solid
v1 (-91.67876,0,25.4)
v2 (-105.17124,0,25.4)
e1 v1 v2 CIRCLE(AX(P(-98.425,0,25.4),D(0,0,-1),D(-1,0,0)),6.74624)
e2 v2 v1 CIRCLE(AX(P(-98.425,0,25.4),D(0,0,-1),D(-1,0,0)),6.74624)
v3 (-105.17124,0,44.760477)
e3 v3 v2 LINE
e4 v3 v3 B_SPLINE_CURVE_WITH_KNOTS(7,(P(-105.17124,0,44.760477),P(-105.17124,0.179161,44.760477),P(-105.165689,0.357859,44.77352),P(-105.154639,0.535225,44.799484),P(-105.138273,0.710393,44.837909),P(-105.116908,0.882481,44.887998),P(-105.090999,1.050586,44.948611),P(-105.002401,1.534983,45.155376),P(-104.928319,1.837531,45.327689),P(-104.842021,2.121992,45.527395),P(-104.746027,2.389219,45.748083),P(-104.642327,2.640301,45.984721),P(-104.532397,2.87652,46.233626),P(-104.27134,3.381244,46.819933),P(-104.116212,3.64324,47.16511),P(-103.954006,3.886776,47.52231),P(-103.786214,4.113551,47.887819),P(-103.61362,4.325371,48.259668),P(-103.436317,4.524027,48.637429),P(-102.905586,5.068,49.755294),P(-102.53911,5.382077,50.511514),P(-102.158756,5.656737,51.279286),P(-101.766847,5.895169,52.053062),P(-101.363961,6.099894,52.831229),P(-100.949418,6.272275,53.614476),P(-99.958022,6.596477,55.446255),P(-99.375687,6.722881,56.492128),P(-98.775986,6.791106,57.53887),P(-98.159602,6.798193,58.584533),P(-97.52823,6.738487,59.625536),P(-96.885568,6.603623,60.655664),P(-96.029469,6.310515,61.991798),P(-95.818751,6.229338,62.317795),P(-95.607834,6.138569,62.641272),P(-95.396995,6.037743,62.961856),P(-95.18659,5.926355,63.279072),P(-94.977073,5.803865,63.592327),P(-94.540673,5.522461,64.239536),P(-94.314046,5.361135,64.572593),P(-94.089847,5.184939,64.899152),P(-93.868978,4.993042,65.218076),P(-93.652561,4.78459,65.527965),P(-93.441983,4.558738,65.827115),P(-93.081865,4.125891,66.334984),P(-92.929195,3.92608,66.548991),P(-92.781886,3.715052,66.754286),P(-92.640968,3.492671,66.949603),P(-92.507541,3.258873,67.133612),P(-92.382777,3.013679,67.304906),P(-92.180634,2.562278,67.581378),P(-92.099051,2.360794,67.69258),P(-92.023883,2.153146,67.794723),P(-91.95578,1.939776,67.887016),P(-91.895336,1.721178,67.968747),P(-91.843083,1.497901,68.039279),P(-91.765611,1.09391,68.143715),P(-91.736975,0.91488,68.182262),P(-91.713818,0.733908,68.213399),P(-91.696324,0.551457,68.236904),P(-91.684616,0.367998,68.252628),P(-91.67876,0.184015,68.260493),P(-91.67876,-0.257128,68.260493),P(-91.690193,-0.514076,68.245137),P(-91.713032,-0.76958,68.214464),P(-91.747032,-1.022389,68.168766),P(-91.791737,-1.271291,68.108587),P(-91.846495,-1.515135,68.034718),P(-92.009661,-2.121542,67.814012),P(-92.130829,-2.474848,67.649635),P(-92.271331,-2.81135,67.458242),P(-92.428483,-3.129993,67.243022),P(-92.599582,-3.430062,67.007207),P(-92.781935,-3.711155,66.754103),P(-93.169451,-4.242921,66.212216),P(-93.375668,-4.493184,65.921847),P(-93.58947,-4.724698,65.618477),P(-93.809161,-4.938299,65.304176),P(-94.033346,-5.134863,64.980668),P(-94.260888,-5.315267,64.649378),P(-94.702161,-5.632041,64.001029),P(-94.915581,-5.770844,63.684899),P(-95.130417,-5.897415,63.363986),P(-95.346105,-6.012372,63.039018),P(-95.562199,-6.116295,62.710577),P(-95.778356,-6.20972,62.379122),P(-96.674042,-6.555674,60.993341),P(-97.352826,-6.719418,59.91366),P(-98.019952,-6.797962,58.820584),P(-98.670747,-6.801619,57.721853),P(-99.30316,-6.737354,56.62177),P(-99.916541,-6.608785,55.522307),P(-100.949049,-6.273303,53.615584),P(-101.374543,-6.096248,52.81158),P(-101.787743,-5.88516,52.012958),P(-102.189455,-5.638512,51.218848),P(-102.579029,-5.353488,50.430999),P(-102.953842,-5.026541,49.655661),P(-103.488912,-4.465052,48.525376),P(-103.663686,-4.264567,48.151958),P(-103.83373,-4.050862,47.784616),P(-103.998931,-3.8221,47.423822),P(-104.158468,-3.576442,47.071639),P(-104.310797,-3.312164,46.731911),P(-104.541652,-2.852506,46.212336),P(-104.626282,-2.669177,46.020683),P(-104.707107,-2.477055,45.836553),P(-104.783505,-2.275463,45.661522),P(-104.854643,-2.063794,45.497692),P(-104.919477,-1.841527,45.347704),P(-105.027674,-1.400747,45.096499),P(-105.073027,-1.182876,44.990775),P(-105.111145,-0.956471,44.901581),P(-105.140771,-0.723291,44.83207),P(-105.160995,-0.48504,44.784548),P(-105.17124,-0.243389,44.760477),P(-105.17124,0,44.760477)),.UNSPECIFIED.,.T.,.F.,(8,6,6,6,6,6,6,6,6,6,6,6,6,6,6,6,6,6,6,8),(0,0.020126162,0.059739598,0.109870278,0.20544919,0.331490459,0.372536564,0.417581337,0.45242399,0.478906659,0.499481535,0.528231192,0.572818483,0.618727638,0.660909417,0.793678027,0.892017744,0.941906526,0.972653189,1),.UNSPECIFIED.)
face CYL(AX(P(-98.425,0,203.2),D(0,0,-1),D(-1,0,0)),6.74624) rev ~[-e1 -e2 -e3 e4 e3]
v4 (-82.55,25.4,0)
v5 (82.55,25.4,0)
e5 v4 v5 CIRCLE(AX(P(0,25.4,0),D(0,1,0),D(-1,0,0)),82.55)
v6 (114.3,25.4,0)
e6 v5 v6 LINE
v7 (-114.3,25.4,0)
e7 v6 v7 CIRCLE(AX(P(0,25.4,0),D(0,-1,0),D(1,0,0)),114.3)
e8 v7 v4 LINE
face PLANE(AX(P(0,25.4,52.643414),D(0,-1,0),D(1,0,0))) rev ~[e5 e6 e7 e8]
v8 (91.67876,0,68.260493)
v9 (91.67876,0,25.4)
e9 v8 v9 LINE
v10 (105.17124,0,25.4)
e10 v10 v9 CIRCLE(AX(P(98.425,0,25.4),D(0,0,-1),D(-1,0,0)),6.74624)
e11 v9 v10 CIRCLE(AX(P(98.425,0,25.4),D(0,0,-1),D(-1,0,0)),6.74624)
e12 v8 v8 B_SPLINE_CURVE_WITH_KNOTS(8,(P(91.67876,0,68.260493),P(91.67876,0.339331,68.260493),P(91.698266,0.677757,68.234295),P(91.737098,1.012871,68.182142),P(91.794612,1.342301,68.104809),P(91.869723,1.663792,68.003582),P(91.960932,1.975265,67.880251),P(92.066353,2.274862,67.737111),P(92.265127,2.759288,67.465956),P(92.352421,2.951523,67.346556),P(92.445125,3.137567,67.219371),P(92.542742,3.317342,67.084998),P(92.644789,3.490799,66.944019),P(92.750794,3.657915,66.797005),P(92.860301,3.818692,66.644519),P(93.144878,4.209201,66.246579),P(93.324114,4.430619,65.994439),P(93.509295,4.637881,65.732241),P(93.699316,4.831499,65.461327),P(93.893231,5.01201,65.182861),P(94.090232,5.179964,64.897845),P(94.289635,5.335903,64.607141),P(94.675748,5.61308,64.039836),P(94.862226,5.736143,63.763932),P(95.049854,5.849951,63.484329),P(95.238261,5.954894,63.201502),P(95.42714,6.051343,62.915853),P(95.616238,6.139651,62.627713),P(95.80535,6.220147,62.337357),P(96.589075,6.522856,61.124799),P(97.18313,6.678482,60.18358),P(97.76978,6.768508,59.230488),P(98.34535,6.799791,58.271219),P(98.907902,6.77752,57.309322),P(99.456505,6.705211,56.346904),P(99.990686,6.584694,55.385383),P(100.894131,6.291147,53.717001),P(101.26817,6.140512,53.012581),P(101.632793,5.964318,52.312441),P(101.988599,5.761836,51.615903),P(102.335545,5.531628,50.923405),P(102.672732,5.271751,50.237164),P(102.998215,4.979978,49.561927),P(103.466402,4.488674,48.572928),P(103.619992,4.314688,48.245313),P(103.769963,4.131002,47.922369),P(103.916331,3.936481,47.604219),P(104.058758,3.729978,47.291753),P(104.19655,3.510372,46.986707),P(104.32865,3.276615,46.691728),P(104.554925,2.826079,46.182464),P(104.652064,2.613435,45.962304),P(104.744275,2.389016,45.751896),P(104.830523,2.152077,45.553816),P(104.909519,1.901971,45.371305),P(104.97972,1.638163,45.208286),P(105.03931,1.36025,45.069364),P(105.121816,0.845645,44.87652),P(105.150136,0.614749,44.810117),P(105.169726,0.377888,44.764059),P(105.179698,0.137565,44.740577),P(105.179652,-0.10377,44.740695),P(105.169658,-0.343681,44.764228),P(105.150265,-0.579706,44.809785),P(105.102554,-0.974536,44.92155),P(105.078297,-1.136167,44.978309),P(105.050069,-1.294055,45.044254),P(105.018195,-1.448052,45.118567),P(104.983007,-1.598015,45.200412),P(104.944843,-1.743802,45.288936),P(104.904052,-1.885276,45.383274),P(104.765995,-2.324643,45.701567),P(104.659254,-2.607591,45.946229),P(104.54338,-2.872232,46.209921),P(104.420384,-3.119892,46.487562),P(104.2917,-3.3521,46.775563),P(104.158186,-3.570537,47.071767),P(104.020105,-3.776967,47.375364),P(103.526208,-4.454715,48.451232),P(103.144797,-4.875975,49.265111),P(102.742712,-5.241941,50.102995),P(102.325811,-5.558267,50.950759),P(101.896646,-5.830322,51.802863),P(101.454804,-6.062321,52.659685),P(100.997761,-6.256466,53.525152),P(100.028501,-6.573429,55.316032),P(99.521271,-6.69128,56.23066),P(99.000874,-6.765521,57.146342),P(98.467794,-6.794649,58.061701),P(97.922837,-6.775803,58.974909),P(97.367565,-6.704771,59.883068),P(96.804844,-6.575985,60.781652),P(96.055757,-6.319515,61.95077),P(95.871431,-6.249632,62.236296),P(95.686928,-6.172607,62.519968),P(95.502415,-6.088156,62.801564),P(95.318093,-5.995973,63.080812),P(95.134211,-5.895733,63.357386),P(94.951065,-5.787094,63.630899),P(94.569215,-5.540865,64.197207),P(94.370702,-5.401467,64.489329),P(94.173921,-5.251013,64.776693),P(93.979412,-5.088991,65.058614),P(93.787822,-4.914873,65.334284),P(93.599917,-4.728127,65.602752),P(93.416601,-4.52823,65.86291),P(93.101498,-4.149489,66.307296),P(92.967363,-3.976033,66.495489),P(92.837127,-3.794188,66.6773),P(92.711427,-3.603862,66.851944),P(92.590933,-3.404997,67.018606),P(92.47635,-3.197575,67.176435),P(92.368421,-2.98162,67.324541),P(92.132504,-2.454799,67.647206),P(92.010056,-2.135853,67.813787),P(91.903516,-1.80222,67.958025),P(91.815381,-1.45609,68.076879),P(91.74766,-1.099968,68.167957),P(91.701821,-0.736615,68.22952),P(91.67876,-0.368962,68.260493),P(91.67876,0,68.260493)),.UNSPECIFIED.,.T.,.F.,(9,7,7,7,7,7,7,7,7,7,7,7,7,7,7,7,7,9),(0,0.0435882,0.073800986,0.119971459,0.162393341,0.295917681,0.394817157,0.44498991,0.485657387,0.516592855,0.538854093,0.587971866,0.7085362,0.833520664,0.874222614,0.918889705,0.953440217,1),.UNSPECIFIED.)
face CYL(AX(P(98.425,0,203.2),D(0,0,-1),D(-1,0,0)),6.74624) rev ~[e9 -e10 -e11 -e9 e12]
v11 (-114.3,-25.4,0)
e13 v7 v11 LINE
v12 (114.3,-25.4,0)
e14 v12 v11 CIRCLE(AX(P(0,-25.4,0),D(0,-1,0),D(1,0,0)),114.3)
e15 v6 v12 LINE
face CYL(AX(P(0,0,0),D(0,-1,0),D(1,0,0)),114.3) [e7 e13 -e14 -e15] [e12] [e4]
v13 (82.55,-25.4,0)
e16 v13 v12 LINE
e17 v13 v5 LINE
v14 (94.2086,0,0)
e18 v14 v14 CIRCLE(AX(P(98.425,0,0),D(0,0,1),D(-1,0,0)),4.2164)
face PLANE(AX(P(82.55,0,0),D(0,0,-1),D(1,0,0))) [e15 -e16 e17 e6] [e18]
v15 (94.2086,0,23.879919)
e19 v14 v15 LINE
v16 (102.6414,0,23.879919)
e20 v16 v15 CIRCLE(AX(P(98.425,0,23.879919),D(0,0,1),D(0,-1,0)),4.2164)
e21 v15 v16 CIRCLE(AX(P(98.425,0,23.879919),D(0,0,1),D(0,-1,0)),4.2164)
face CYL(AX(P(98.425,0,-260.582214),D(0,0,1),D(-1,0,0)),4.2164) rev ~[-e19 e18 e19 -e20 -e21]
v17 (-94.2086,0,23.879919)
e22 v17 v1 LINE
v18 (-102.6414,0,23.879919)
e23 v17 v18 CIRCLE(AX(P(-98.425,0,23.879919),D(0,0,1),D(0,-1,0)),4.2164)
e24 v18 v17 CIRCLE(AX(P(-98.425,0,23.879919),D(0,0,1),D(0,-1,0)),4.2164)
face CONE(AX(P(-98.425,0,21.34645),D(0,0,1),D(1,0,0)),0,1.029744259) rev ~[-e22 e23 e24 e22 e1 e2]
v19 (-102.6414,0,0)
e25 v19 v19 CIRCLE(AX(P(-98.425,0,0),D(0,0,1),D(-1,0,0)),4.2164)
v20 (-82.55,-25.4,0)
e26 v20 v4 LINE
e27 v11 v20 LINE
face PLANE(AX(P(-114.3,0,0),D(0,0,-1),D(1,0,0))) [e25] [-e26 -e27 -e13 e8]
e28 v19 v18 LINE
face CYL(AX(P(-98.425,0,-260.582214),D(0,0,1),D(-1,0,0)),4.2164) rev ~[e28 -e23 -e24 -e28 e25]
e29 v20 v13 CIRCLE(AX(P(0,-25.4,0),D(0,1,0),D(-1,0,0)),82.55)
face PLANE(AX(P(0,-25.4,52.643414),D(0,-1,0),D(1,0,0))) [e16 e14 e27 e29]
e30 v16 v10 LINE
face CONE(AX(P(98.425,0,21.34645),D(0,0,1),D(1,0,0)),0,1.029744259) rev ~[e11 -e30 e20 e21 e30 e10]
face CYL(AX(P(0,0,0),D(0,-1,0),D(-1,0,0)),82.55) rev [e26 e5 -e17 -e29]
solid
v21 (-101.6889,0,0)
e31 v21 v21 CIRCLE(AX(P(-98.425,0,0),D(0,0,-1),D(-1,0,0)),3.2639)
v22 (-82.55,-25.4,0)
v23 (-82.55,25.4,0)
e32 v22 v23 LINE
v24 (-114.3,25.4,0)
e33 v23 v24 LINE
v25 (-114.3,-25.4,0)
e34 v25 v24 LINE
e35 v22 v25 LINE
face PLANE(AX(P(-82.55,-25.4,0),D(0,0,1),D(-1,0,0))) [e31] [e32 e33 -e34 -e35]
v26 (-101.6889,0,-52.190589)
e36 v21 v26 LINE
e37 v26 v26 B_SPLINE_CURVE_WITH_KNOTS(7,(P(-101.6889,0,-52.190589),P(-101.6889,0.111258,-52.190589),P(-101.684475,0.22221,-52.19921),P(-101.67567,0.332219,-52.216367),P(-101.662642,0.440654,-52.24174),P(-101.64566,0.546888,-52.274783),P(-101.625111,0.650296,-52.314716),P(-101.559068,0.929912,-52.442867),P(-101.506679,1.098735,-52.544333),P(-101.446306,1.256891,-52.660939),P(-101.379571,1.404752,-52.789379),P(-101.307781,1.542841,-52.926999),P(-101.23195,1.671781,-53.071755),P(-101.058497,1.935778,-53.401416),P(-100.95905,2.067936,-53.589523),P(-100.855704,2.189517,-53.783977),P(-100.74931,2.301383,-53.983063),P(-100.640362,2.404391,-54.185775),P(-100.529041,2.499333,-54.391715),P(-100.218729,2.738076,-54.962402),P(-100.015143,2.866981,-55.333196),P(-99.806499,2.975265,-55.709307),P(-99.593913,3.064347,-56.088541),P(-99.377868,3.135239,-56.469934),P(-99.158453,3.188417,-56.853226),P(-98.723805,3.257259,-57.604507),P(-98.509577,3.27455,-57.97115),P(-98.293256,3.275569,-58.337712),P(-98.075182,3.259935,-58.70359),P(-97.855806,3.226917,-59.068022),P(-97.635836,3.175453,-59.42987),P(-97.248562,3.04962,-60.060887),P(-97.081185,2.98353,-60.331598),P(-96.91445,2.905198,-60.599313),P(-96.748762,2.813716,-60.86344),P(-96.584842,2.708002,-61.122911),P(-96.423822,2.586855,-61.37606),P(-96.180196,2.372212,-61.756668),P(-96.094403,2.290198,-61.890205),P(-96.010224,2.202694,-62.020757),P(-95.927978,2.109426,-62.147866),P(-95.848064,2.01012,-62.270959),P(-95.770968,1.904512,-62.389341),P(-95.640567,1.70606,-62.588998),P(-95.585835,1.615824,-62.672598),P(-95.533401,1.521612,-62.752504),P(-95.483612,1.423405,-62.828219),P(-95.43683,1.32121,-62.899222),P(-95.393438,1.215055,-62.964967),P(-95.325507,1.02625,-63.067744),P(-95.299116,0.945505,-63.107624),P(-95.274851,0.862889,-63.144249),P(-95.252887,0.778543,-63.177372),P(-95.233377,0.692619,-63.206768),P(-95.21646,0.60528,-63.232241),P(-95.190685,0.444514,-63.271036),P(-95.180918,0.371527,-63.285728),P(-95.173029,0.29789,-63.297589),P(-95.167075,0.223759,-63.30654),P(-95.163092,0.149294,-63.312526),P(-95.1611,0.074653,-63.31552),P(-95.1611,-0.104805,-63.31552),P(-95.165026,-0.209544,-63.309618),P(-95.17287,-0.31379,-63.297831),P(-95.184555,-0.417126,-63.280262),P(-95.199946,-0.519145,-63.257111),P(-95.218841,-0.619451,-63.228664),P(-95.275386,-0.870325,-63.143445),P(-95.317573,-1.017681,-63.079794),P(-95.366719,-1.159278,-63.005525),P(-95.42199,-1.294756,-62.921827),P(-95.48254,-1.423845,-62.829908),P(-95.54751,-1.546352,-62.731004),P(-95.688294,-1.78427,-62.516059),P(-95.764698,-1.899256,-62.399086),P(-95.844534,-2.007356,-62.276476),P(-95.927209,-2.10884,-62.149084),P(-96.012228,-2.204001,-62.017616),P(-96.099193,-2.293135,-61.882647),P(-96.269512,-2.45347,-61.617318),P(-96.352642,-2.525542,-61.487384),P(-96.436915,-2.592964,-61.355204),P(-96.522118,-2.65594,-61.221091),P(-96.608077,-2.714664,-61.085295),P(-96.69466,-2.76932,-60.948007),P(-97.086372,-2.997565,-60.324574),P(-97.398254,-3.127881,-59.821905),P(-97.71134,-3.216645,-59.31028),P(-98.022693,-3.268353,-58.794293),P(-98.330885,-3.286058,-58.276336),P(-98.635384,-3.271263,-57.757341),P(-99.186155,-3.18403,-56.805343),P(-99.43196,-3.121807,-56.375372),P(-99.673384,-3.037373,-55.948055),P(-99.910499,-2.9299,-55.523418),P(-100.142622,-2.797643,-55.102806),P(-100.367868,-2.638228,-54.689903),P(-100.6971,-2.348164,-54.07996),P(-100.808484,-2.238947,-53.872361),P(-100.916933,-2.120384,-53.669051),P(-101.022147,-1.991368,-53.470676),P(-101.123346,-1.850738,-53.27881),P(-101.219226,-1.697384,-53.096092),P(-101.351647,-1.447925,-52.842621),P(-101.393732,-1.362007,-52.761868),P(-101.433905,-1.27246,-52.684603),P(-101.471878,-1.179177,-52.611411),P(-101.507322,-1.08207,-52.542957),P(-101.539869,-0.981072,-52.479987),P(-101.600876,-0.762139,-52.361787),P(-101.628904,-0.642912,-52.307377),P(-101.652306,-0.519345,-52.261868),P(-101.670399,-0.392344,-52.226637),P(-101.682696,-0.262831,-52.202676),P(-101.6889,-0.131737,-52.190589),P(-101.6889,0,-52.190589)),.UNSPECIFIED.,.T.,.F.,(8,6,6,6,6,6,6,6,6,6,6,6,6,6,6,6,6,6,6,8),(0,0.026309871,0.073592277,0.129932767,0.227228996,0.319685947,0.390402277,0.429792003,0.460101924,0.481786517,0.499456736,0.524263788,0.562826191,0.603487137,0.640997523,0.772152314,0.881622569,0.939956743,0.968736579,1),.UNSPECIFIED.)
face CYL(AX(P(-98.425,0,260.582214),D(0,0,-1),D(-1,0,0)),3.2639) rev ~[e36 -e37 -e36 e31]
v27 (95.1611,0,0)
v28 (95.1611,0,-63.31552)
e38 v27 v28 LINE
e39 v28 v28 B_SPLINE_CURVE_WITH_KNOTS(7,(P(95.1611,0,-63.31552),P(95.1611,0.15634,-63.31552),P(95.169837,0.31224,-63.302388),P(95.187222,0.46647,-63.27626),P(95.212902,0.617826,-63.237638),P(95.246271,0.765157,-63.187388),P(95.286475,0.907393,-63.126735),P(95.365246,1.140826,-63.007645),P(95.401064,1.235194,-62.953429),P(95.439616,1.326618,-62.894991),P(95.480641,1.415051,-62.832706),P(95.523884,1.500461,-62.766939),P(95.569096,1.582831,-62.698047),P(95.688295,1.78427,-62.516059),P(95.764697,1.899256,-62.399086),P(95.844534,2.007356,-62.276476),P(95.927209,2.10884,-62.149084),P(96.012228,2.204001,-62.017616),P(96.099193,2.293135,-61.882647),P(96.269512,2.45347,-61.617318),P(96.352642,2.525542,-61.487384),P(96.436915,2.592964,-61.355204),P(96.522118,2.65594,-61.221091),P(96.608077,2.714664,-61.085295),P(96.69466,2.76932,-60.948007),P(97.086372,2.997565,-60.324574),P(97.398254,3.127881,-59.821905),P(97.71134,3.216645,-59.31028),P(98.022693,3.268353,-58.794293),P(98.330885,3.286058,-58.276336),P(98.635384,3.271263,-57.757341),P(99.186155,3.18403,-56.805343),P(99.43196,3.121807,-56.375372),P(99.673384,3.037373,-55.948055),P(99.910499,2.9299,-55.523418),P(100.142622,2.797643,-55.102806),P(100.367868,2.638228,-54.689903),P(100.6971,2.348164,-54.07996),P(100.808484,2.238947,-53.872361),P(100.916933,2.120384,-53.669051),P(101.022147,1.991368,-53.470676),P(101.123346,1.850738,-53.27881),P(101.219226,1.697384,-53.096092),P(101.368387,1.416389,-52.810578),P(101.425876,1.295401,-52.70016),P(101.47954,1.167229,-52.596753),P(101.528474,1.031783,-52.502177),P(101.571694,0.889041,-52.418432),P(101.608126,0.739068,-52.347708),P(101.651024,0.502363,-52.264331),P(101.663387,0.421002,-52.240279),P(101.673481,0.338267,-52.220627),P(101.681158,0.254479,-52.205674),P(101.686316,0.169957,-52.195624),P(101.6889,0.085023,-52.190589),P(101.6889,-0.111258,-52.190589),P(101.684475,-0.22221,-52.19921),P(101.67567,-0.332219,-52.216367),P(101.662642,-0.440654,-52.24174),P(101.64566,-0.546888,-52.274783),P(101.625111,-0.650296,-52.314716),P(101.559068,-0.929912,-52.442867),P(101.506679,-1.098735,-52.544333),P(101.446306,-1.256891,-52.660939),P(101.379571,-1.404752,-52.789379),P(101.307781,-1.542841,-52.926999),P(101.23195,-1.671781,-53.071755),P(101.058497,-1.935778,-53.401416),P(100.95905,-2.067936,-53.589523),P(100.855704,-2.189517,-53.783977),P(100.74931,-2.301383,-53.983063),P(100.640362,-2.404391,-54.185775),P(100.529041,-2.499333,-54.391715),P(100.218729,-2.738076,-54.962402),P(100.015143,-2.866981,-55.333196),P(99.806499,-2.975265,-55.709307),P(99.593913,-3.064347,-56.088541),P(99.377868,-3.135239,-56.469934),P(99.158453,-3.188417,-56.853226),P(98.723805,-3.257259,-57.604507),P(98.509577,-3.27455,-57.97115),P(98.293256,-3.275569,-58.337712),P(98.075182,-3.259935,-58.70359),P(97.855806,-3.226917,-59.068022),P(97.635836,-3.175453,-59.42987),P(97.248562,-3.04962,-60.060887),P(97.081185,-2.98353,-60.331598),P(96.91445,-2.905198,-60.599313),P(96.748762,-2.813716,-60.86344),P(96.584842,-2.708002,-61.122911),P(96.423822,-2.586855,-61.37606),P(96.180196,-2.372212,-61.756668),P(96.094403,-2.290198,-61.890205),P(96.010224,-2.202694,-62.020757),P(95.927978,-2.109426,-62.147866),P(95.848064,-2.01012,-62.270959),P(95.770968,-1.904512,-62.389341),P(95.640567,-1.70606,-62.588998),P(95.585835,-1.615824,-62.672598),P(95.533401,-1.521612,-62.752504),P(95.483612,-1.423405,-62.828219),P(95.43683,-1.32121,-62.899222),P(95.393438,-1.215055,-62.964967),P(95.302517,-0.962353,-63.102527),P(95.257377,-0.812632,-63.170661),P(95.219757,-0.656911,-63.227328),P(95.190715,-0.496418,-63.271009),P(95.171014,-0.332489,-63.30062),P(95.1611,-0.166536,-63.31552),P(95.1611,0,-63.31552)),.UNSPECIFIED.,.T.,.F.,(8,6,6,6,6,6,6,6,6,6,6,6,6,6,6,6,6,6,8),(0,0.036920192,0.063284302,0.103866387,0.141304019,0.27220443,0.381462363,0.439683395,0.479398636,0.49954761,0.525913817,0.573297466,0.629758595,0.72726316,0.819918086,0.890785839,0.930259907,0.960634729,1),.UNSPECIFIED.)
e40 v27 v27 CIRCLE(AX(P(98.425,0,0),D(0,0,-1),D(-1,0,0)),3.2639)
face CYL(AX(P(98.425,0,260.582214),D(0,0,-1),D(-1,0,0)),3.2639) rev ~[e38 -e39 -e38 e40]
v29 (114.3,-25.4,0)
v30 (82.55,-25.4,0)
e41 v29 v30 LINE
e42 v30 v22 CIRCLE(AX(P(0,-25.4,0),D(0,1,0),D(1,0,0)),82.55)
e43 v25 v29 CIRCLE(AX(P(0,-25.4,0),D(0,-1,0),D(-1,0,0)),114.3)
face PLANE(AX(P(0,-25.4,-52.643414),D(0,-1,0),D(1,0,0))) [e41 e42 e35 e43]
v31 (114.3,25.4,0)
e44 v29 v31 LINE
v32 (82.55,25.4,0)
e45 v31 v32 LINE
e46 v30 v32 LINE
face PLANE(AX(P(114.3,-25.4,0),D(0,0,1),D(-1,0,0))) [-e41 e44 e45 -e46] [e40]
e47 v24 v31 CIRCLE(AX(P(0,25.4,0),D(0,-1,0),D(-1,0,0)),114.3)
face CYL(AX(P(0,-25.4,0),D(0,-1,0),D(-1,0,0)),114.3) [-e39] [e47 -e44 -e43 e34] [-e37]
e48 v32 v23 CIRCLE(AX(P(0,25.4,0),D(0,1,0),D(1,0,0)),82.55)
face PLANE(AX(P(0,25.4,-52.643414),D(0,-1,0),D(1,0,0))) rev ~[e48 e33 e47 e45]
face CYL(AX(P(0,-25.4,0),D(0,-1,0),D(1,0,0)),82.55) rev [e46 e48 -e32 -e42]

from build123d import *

# Parameters (mm, degrees)
F1_DEPTH  = 25.4
F3_DEPTH  = 50.8
F5_D      = 6.5278
F7_D      = 8.4328
F11_D     = 13.49248
F11_DEPTH = 88.9
F11_TIP   = 4.0535499425


with BuildPart() as f1:
    # F0 (on Front) → F1 (new body, symmetric)
    with BuildSketch(Plane.XZ):
        with BuildLine():
            Line((82.55, 0), (114.3, 0))
            ThreePointArc((114.3, 0), (0, 114.3), (-114.3, 0))
            Line((-114.3, 0), (-82.55, 0))
            ThreePointArc((-82.55, 0), (0, 82.55), (82.55, 0))
        make_face()
    extrude(amount=F1_DEPTH, both=True)

    # F7 (through all)
    with Locations(Plane(origin=(0, 0, 0), x_dir=(1, 0, 0), z_dir=(0, 0, -1))):
        with Locations((-98.425, 0), (98.425, 0)):
            Hole(F7_D / 2)

    # F11
    with Locations(Plane.XY.offset(114.3)):
        with Locations((-98.425, 0), (98.425, 0)):
            Hole(F11_D / 2, depth=F11_DEPTH)
            with Locations((0, 0, -(F11_DEPTH + F11_TIP / 2))):  # 118° drill point
                Cone(0, F11_D / 2, F11_TIP, mode=Mode.SUBTRACT)


with BuildPart() as f3:
    # F2 (on face) → F3 (new body, through all)
    with BuildSketch(Plane.XZ.offset(25.4)):
        with BuildLine():
            ThreePointArc((82.55, 0), (0, -82.55), (-82.55, 0))
            Line((-82.55, 0), (-114.3, 0))
            ThreePointArc((-114.3, 0), (0, -114.3), (114.3, 0))
            Line((114.3, 0), (82.55, 0))
        make_face()
    extrude(amount=-F3_DEPTH)

    # F5 (through all)
    with Locations(Plane.XY):
        with Locations((-98.425, 0), (98.425, 0)):
            Hole(F5_D / 2)


solid = Compound([f1.part, f3.part])
